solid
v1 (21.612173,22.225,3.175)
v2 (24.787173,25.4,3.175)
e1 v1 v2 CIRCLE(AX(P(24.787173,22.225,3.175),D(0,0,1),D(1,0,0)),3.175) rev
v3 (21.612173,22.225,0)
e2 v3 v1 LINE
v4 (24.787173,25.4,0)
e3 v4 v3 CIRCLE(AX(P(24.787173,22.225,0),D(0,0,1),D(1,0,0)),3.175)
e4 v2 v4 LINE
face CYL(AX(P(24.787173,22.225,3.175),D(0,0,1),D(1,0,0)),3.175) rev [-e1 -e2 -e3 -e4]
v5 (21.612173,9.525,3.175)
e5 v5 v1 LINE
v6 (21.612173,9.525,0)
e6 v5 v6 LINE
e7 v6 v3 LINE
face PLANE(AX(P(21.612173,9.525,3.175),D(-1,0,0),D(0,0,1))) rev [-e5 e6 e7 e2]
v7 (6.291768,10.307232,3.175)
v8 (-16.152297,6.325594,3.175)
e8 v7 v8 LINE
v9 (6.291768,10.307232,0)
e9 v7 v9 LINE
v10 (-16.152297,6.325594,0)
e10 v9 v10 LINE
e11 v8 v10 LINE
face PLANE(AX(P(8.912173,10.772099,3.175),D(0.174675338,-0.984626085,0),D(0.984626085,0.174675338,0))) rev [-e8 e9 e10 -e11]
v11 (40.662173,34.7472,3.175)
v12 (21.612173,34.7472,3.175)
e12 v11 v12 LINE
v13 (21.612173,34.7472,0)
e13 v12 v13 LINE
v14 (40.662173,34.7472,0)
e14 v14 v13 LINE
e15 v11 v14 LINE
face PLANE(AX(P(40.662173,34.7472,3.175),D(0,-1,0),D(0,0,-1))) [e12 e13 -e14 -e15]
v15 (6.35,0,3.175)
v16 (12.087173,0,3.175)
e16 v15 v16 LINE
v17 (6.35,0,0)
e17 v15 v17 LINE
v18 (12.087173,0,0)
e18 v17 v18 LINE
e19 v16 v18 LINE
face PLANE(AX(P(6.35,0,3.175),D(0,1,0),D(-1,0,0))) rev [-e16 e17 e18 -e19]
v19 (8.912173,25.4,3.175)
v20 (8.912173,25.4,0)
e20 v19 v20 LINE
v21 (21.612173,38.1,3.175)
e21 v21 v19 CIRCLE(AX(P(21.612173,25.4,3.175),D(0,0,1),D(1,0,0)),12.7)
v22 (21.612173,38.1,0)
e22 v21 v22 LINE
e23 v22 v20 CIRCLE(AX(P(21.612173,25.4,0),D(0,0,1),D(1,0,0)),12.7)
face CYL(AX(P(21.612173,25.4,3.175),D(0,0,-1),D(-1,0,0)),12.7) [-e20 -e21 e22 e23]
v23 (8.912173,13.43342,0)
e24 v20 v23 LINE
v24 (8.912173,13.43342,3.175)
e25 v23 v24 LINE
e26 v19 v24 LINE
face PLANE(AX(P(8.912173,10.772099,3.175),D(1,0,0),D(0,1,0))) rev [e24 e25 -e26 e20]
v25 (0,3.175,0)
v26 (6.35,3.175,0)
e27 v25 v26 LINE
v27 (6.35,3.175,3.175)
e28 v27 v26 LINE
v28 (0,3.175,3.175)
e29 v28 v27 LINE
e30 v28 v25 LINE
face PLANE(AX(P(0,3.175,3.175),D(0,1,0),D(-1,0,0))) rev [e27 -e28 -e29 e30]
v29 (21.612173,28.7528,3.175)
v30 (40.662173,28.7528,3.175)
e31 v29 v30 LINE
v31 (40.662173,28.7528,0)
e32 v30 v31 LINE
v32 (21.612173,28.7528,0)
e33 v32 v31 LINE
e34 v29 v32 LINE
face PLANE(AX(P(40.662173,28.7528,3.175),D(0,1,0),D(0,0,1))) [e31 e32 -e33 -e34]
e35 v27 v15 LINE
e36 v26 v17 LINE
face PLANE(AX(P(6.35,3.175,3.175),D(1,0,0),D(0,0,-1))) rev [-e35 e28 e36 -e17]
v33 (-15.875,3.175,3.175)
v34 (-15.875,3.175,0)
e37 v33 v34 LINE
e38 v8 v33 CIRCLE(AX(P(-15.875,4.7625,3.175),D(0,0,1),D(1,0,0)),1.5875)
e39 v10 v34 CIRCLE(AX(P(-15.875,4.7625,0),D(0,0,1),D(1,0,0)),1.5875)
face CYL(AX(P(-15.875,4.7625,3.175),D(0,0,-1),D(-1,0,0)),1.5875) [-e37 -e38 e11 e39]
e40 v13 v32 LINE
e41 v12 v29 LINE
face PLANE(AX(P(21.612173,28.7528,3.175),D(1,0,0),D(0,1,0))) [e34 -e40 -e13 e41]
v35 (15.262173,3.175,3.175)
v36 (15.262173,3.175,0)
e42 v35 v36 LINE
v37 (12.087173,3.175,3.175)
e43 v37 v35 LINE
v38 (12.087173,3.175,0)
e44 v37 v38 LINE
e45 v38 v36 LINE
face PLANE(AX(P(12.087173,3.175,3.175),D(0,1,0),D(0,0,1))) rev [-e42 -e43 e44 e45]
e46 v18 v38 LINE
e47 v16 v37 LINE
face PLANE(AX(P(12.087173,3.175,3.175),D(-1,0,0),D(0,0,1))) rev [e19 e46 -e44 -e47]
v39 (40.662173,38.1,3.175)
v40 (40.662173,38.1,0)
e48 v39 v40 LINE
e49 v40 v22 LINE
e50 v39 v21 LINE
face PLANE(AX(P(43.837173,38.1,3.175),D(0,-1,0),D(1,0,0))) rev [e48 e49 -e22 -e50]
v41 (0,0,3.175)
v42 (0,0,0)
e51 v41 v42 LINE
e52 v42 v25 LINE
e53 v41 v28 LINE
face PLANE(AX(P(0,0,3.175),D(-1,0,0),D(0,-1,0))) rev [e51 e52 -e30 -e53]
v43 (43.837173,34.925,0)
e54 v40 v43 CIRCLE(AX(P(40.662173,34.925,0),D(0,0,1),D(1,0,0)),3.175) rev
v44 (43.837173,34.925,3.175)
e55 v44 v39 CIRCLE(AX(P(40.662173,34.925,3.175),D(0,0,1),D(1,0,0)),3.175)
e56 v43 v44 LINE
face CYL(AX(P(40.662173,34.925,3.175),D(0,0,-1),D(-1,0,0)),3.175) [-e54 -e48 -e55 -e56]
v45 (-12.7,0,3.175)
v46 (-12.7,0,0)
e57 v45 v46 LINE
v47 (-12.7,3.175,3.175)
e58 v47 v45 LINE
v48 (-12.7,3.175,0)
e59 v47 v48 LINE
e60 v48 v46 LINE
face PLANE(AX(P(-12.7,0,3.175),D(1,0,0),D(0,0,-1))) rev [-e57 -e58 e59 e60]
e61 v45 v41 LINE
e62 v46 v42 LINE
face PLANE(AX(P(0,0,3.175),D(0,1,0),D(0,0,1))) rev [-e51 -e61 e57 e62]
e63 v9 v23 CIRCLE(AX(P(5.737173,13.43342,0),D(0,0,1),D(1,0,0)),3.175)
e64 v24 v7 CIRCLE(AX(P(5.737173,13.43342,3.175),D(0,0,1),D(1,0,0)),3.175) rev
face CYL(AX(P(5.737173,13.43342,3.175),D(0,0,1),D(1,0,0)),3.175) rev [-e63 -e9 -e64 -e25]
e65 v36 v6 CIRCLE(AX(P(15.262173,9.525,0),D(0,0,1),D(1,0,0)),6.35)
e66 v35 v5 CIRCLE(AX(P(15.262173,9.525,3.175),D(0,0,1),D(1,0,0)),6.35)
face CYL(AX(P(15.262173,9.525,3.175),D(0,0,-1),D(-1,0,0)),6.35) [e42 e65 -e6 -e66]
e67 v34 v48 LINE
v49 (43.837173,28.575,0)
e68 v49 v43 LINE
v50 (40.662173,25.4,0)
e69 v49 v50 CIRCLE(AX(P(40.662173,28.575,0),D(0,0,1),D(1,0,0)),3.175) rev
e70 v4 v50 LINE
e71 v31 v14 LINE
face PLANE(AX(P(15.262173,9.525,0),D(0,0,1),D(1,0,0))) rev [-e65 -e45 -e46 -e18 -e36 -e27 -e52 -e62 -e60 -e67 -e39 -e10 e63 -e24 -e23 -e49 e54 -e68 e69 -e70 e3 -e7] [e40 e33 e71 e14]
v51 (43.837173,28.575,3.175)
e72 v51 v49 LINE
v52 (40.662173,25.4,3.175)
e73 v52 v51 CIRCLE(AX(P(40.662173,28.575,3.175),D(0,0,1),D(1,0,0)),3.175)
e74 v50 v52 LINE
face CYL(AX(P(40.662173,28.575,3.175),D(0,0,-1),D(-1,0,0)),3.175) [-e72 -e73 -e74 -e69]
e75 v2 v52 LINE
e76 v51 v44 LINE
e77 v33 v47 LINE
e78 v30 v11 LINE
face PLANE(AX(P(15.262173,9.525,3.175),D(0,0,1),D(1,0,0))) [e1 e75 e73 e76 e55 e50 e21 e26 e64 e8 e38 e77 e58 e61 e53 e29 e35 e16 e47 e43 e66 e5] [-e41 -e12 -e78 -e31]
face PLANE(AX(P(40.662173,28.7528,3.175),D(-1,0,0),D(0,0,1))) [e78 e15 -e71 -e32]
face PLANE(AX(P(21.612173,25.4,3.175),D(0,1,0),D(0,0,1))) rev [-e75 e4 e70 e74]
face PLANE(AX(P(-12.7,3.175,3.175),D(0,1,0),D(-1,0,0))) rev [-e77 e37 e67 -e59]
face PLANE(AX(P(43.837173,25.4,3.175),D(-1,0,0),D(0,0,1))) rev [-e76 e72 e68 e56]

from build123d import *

# Parameters (mm, degrees)
SKETCH1_W           = 19.05
SKETCH1_H           = 5.9944
BOSS_EXTRUDE1_DEPTH = 3.175
FILLET1_R           = 3.175
FILLET2_R           = 3.175


with BuildPart() as part:
    # Sketch1 → Boss-Extrude1 (new body)
    with BuildSketch(Plane.XY):
        with BuildLine():
            Line((0, 3.175), (6.35, 3.175))
            Line((6.35, 3.175), (6.35, 0))
            Line((6.35, 0), (12.087173363, 0))
            Line((12.087173363, 0), (12.087173363, 3.175))
            Line((12.087173363, 3.175), (15.262173363, 3.175))
            ThreePointArc((15.262173363, 3.175), (19.752301423, 5.034871939), (21.612173363, 9.525))
            Line((21.612173363, 9.525), (21.612173363, 25.4))
            Line((21.612173363, 25.4), (43.837173363, 25.4))
            Line((43.837173363, 25.4), (43.837173363, 38.1))
            Line((43.837173363, 38.1), (21.612173363, 38.1))
            ThreePointArc((21.612173363, 38.1), (12.631917242, 34.380256121), (8.912173363, 25.4))
            Line((8.912173363, 25.4), (8.912173363, 10.772098947))
            Line((8.912173363, 10.772098947), (-16.152297099, 6.325593909))
            ThreePointArc((-16.152297099, 6.325593909), (-17.456386706, 4.623315466), (-15.875, 3.175))
            Line((-15.875, 3.175), (-12.7, 3.175))
            Line((-12.7, 3.175), (-12.7, 0))
            Line((-12.7, 0), (0, 0))
            Line((0, 0), (0, 3.175))
        make_face()
        with Locations((31.137173363, 31.75)):
            Rectangle(SKETCH1_W, SKETCH1_H, mode=Mode.SUBTRACT)
    extrude(amount=BOSS_EXTRUDE1_DEPTH)

    # Fillet1
    fillet1_edges = [part.edges().sort_by_distance(p)[0] for p in [
        (8.912173363, 10.772098947, 1.5875),
        (21.612173363, 25.4, 1.5875),
    ]]
    fillet(fillet1_edges, radius=FILLET1_R)

    # Fillet2
    fillet2_edges = [part.edges().sort_by_distance(p)[0] for p in [
        (43.837173363, 38.1, 1.5875),
        (43.837173363, 25.4, 1.5875),
    ]]
    fillet(fillet2_edges, radius=FILLET2_R)


solid = part.part
